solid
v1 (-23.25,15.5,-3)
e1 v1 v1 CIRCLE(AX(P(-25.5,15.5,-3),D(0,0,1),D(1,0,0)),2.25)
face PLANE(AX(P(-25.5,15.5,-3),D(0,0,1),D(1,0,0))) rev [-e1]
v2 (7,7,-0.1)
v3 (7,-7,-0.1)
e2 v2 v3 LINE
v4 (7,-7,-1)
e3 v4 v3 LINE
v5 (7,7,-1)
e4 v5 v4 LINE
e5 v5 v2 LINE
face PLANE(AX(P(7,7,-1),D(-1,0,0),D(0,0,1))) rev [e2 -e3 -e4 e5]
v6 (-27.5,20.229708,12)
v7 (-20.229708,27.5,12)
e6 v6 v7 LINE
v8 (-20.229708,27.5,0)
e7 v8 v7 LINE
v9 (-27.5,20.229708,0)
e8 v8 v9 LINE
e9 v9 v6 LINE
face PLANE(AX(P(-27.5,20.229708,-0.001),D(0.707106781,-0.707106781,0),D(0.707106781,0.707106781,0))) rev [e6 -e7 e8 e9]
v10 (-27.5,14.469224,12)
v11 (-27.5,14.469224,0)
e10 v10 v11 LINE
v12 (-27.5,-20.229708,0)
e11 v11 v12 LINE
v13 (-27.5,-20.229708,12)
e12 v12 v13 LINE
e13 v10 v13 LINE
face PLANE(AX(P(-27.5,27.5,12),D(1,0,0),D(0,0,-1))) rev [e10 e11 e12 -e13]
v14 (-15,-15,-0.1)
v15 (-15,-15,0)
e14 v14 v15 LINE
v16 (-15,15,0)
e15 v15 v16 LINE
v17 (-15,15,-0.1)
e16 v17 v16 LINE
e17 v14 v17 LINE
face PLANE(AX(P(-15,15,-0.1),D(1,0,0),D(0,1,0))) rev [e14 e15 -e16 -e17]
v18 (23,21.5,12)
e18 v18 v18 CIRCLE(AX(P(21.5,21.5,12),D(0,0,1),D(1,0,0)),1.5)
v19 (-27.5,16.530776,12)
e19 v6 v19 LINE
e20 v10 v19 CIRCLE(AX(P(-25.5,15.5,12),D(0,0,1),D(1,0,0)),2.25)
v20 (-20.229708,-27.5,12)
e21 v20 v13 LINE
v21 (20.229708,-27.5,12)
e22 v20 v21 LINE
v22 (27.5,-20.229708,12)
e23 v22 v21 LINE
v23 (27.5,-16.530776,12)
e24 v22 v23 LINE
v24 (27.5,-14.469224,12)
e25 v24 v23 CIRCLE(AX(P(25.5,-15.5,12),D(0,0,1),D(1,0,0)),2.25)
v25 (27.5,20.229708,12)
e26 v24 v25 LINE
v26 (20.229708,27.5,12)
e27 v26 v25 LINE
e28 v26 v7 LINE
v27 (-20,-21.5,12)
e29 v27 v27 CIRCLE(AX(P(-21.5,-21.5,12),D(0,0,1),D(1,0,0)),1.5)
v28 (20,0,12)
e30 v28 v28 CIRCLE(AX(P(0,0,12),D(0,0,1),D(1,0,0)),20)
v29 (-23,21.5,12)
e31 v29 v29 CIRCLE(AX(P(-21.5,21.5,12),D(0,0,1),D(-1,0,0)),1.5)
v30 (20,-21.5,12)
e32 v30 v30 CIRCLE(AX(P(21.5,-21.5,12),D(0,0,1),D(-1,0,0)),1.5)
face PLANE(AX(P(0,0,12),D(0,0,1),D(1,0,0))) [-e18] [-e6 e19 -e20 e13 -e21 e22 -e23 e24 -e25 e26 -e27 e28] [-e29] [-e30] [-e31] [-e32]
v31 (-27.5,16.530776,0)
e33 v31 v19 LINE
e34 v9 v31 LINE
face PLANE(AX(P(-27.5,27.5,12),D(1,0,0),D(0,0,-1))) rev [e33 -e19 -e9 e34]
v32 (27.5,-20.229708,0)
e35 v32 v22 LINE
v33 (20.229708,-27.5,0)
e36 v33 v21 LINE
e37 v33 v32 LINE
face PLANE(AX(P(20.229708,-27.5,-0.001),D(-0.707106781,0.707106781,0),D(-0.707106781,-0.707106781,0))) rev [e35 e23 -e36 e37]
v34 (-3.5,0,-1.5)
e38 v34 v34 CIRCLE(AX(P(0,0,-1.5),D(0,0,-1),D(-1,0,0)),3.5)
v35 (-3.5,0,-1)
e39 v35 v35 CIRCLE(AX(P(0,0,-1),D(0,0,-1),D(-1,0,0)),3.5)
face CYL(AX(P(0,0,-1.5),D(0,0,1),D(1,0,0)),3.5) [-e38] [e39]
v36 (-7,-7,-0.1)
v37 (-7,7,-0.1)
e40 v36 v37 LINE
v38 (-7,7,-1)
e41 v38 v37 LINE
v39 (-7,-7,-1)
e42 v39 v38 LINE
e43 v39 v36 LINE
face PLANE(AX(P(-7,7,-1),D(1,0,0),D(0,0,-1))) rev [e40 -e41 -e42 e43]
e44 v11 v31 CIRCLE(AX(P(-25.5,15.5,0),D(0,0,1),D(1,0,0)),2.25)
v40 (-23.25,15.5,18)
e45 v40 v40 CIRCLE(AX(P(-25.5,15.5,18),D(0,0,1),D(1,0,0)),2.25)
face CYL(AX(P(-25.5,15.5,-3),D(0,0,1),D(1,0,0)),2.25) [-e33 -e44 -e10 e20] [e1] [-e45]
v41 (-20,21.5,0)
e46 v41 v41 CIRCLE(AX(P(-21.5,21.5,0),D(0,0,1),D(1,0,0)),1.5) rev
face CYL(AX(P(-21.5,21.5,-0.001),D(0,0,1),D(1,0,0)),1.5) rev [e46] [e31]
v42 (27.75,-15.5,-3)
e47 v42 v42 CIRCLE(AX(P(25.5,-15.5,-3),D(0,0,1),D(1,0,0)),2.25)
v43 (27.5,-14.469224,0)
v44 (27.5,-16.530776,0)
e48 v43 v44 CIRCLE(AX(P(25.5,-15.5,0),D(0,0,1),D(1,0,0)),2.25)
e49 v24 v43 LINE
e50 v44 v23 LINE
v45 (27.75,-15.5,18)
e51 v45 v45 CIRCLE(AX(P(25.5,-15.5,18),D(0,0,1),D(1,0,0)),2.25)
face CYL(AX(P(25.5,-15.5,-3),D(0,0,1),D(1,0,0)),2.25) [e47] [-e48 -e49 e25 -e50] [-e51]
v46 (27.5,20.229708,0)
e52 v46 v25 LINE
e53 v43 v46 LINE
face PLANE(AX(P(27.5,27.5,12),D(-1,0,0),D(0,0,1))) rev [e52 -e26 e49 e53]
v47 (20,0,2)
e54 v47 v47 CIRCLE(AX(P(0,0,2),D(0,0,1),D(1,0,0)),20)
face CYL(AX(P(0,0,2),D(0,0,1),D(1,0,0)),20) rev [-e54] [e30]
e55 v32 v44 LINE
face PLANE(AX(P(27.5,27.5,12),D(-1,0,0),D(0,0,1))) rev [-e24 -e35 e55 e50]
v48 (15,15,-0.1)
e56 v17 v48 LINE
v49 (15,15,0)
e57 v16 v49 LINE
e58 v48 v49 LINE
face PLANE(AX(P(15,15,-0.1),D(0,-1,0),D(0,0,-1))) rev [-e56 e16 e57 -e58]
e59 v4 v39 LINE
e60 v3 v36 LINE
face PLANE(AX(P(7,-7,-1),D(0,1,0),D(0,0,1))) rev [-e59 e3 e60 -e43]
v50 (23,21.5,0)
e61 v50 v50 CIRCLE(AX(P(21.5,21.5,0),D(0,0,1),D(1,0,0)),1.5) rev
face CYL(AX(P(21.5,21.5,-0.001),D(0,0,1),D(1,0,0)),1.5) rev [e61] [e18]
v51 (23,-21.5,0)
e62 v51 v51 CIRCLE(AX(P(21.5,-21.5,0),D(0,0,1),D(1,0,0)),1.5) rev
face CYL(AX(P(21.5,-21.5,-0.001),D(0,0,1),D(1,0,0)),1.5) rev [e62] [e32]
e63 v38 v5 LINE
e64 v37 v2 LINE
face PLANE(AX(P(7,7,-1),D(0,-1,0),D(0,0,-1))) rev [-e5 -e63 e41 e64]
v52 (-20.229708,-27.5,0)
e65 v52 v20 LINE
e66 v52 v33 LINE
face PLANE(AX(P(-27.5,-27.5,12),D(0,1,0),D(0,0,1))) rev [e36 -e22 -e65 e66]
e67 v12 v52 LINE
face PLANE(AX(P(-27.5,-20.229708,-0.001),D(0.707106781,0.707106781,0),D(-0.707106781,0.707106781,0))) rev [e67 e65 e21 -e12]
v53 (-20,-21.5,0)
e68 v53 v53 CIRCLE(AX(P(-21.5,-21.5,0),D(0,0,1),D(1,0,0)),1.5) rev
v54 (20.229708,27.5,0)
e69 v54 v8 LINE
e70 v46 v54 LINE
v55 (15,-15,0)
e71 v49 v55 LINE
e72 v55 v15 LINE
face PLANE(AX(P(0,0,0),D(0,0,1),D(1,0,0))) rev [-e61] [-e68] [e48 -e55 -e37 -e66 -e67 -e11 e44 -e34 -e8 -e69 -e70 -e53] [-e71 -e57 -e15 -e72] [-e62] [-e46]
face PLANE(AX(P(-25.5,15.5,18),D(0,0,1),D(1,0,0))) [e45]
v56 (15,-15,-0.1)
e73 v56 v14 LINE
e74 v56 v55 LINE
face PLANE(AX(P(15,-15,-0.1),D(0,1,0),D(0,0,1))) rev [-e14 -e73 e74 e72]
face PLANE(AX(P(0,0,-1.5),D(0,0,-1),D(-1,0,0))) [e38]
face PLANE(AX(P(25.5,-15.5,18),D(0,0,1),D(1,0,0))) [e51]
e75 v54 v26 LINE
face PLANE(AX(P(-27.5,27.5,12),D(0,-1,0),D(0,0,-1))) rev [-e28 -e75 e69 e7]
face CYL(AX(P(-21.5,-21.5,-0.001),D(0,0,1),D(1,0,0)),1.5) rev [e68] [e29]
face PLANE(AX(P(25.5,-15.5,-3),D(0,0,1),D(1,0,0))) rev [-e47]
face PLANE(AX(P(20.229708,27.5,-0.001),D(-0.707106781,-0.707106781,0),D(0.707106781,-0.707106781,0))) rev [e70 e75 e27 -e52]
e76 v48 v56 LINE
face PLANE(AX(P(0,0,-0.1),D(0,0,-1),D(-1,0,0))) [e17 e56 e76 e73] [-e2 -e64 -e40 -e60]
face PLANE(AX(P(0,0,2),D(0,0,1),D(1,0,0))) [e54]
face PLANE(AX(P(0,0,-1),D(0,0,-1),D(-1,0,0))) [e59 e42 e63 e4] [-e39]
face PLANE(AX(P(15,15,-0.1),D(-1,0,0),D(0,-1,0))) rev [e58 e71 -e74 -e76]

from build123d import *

# Parameters (mm, degrees)
SKETCH_1_W           = 55
SKETCH_1_H           = 55
EXTRUDE_1_DEPTH      = 12
CUT_EXTRUDE_1_REACH  = 42.7
SKETCH_2_R           = 1.5
SKETCH_3_R           = 20
CUT_EXTRUDE_2_DEPTH  = 10
CUT_EXTRUDE_3_REACH  = 42.7
EXTRUDE_2_DEPTH      = 6
EXTRUDE_2_DEPTH_BACK = 15
SKETCH_5_R           = 2.25
SKETCH_6_W           = 14
SKETCH_6_H           = 14
EXTRUDE_3_DEPTH      = 1
SKETCH_7_R           = 3.5
EXTRUDE_4_DEPTH      = 0.5
SKETCH_8_W           = 30
SKETCH_8_H           = 30
EXTRUDE_5_DEPTH      = 0.1


with BuildPart() as part:
    # 草图1 → 凸台-拉伸1 (new body)
    with BuildSketch(Plane.XY):
        Rectangle(SKETCH_1_W, SKETCH_1_H)
    extrude(amount=EXTRUDE_1_DEPTH)

    # 草图2 → 切除-拉伸1 (cut, up to next)
    with BuildSketch(Plane.XY.offset(12), mode=Mode.PRIVATE) as cut_extrude_1_sk1:
        with Locations((21.5, 21.5)):
            Circle(SKETCH_2_R)
    cut_extrude_1_tool1 = extrude(cut_extrude_1_sk1.sketch, amount=-CUT_EXTRUDE_1_REACH, mode=Mode.PRIVATE) & part.part
    # 草图2 → 切除-拉伸1 (cut, up to next)
    with BuildSketch(Plane.XY.offset(12), mode=Mode.PRIVATE) as cut_extrude_1_sk2:
        with Locations((21.5, -21.5)):
            Circle(SKETCH_2_R)
    cut_extrude_1_tool2 = extrude(cut_extrude_1_sk2.sketch, amount=-CUT_EXTRUDE_1_REACH, mode=Mode.PRIVATE) & part.part
    # 草图2 → 切除-拉伸1 (cut, up to next)
    with BuildSketch(Plane.XY.offset(12), mode=Mode.PRIVATE) as cut_extrude_1_sk3:
        with Locations((-21.5, -21.5)):
            Circle(SKETCH_2_R)
    cut_extrude_1_tool3 = extrude(cut_extrude_1_sk3.sketch, amount=-CUT_EXTRUDE_1_REACH, mode=Mode.PRIVATE) & part.part
    # 草图2 → 切除-拉伸1 (cut, up to next)
    with BuildSketch(Plane.XY.offset(12), mode=Mode.PRIVATE) as cut_extrude_1_sk4:
        with Locations((-21.5, 21.5)):
            Circle(SKETCH_2_R)
    cut_extrude_1_tool4 = extrude(cut_extrude_1_sk4.sketch, amount=-CUT_EXTRUDE_1_REACH, mode=Mode.PRIVATE) & part.part
    add(cut_extrude_1_tool1.solids().sort_by_distance((21.5, 21.5, 12))[0], mode=Mode.SUBTRACT)
    add(cut_extrude_1_tool2.solids().sort_by_distance((21.5, -21.5, 12))[0], mode=Mode.SUBTRACT)
    add(cut_extrude_1_tool3.solids().sort_by_distance((-21.5, -21.5, 12))[0], mode=Mode.SUBTRACT)
    add(cut_extrude_1_tool4.solids().sort_by_distance((-21.5, 21.5, 12))[0], mode=Mode.SUBTRACT)

    # 草图3 → 切除-拉伸2 (cut)
    with BuildSketch(Plane.XY.offset(12)):
        Circle(SKETCH_3_R)
    extrude(amount=-CUT_EXTRUDE_2_DEPTH, mode=Mode.SUBTRACT)

    # 草图4 → 切除-拉伸3 (cut, up to next)
    with BuildSketch(Plane.XY.offset(12), mode=Mode.PRIVATE) as cut_extrude_3_sk1:
        Polygon((-27.5, 20.22970773), (-20.22970773, 27.5), (-27.5, 27.5), align=None)
    cut_extrude_3_tool1 = extrude(cut_extrude_3_sk1.sketch, amount=-CUT_EXTRUDE_3_REACH, mode=Mode.PRIVATE) & part.part
    # 草图4 → 切除-拉伸3 (cut, up to next)
    with BuildSketch(Plane.XY.offset(12), mode=Mode.PRIVATE) as cut_extrude_3_sk2:
        Polygon((20.22970773, -27.5), (27.5, -20.22970773), (27.5, -27.5), align=None)
    cut_extrude_3_tool2 = extrude(cut_extrude_3_sk2.sketch, amount=-CUT_EXTRUDE_3_REACH, mode=Mode.PRIVATE) & part.part
    # 草图4 → 切除-拉伸3 (cut, up to next)
    with BuildSketch(Plane.XY.offset(12), mode=Mode.PRIVATE) as cut_extrude_3_sk3:
        Polygon((20.22970773, 27.5), (27.5, 20.22970773), (27.5, 27.5), align=None)
    cut_extrude_3_tool3 = extrude(cut_extrude_3_sk3.sketch, amount=-CUT_EXTRUDE_3_REACH, mode=Mode.PRIVATE) & part.part
    # 草图4 → 切除-拉伸3 (cut, up to next)
    with BuildSketch(Plane.XY.offset(12), mode=Mode.PRIVATE) as cut_extrude_3_sk4:
        Polygon((-20.22970773, -27.5), (-27.5, -27.5), (-27.5, -20.22970773), align=None)
    cut_extrude_3_tool4 = extrude(cut_extrude_3_sk4.sketch, amount=-CUT_EXTRUDE_3_REACH, mode=Mode.PRIVATE) & part.part
    add(cut_extrude_3_tool1.solids().sort_by_distance((-25.076569, 25.076569, 12))[0], mode=Mode.SUBTRACT)
    add(cut_extrude_3_tool2.solids().sort_by_distance((25.076569, -25.076569, 12))[0], mode=Mode.SUBTRACT)
    add(cut_extrude_3_tool3.solids().sort_by_distance((25.076569, 25.076569, 12))[0], mode=Mode.SUBTRACT)
    add(cut_extrude_3_tool4.solids().sort_by_distance((-25.076569, -25.076569, 12))[0], mode=Mode.SUBTRACT)

    # 草图5 → 凸台-拉伸2 (add, two sides: drawn at the far end of the back side and taken through both)
    with BuildSketch(Plane.XY.offset(12).offset(-EXTRUDE_2_DEPTH_BACK)):
        with Locations((-25.5, 15.5)):
            Circle(SKETCH_5_R)
        with Locations((25.5, -15.5)):
            Circle(SKETCH_5_R)
    extrude(amount=EXTRUDE_2_DEPTH + EXTRUDE_2_DEPTH_BACK)

    # 草图6 → 凸台-拉伸3 (add)
    with BuildSketch(Plane(origin=(0, 0, 0), x_dir=(-1, 0, 0), z_dir=(0, 0, -1))):
        Rectangle(SKETCH_6_W, SKETCH_6_H)
    extrude(amount=EXTRUDE_3_DEPTH)

    # 草图7 → 凸台-拉伸4 (add)
    with BuildSketch(Plane(origin=(0, 0, -1), x_dir=(-1, 0, 0), z_dir=(0, 0, -1))):
        Circle(SKETCH_7_R)
    extrude(amount=EXTRUDE_4_DEPTH)

    # 草图8 → 凸台-拉伸5 (add)
    with BuildSketch(Plane(origin=(0, 0, 0), x_dir=(-1, 0, 0), z_dir=(0, 0, -1))):
        Rectangle(SKETCH_8_W, SKETCH_8_H)
    extrude(amount=EXTRUDE_5_DEPTH)


solid = part.part
